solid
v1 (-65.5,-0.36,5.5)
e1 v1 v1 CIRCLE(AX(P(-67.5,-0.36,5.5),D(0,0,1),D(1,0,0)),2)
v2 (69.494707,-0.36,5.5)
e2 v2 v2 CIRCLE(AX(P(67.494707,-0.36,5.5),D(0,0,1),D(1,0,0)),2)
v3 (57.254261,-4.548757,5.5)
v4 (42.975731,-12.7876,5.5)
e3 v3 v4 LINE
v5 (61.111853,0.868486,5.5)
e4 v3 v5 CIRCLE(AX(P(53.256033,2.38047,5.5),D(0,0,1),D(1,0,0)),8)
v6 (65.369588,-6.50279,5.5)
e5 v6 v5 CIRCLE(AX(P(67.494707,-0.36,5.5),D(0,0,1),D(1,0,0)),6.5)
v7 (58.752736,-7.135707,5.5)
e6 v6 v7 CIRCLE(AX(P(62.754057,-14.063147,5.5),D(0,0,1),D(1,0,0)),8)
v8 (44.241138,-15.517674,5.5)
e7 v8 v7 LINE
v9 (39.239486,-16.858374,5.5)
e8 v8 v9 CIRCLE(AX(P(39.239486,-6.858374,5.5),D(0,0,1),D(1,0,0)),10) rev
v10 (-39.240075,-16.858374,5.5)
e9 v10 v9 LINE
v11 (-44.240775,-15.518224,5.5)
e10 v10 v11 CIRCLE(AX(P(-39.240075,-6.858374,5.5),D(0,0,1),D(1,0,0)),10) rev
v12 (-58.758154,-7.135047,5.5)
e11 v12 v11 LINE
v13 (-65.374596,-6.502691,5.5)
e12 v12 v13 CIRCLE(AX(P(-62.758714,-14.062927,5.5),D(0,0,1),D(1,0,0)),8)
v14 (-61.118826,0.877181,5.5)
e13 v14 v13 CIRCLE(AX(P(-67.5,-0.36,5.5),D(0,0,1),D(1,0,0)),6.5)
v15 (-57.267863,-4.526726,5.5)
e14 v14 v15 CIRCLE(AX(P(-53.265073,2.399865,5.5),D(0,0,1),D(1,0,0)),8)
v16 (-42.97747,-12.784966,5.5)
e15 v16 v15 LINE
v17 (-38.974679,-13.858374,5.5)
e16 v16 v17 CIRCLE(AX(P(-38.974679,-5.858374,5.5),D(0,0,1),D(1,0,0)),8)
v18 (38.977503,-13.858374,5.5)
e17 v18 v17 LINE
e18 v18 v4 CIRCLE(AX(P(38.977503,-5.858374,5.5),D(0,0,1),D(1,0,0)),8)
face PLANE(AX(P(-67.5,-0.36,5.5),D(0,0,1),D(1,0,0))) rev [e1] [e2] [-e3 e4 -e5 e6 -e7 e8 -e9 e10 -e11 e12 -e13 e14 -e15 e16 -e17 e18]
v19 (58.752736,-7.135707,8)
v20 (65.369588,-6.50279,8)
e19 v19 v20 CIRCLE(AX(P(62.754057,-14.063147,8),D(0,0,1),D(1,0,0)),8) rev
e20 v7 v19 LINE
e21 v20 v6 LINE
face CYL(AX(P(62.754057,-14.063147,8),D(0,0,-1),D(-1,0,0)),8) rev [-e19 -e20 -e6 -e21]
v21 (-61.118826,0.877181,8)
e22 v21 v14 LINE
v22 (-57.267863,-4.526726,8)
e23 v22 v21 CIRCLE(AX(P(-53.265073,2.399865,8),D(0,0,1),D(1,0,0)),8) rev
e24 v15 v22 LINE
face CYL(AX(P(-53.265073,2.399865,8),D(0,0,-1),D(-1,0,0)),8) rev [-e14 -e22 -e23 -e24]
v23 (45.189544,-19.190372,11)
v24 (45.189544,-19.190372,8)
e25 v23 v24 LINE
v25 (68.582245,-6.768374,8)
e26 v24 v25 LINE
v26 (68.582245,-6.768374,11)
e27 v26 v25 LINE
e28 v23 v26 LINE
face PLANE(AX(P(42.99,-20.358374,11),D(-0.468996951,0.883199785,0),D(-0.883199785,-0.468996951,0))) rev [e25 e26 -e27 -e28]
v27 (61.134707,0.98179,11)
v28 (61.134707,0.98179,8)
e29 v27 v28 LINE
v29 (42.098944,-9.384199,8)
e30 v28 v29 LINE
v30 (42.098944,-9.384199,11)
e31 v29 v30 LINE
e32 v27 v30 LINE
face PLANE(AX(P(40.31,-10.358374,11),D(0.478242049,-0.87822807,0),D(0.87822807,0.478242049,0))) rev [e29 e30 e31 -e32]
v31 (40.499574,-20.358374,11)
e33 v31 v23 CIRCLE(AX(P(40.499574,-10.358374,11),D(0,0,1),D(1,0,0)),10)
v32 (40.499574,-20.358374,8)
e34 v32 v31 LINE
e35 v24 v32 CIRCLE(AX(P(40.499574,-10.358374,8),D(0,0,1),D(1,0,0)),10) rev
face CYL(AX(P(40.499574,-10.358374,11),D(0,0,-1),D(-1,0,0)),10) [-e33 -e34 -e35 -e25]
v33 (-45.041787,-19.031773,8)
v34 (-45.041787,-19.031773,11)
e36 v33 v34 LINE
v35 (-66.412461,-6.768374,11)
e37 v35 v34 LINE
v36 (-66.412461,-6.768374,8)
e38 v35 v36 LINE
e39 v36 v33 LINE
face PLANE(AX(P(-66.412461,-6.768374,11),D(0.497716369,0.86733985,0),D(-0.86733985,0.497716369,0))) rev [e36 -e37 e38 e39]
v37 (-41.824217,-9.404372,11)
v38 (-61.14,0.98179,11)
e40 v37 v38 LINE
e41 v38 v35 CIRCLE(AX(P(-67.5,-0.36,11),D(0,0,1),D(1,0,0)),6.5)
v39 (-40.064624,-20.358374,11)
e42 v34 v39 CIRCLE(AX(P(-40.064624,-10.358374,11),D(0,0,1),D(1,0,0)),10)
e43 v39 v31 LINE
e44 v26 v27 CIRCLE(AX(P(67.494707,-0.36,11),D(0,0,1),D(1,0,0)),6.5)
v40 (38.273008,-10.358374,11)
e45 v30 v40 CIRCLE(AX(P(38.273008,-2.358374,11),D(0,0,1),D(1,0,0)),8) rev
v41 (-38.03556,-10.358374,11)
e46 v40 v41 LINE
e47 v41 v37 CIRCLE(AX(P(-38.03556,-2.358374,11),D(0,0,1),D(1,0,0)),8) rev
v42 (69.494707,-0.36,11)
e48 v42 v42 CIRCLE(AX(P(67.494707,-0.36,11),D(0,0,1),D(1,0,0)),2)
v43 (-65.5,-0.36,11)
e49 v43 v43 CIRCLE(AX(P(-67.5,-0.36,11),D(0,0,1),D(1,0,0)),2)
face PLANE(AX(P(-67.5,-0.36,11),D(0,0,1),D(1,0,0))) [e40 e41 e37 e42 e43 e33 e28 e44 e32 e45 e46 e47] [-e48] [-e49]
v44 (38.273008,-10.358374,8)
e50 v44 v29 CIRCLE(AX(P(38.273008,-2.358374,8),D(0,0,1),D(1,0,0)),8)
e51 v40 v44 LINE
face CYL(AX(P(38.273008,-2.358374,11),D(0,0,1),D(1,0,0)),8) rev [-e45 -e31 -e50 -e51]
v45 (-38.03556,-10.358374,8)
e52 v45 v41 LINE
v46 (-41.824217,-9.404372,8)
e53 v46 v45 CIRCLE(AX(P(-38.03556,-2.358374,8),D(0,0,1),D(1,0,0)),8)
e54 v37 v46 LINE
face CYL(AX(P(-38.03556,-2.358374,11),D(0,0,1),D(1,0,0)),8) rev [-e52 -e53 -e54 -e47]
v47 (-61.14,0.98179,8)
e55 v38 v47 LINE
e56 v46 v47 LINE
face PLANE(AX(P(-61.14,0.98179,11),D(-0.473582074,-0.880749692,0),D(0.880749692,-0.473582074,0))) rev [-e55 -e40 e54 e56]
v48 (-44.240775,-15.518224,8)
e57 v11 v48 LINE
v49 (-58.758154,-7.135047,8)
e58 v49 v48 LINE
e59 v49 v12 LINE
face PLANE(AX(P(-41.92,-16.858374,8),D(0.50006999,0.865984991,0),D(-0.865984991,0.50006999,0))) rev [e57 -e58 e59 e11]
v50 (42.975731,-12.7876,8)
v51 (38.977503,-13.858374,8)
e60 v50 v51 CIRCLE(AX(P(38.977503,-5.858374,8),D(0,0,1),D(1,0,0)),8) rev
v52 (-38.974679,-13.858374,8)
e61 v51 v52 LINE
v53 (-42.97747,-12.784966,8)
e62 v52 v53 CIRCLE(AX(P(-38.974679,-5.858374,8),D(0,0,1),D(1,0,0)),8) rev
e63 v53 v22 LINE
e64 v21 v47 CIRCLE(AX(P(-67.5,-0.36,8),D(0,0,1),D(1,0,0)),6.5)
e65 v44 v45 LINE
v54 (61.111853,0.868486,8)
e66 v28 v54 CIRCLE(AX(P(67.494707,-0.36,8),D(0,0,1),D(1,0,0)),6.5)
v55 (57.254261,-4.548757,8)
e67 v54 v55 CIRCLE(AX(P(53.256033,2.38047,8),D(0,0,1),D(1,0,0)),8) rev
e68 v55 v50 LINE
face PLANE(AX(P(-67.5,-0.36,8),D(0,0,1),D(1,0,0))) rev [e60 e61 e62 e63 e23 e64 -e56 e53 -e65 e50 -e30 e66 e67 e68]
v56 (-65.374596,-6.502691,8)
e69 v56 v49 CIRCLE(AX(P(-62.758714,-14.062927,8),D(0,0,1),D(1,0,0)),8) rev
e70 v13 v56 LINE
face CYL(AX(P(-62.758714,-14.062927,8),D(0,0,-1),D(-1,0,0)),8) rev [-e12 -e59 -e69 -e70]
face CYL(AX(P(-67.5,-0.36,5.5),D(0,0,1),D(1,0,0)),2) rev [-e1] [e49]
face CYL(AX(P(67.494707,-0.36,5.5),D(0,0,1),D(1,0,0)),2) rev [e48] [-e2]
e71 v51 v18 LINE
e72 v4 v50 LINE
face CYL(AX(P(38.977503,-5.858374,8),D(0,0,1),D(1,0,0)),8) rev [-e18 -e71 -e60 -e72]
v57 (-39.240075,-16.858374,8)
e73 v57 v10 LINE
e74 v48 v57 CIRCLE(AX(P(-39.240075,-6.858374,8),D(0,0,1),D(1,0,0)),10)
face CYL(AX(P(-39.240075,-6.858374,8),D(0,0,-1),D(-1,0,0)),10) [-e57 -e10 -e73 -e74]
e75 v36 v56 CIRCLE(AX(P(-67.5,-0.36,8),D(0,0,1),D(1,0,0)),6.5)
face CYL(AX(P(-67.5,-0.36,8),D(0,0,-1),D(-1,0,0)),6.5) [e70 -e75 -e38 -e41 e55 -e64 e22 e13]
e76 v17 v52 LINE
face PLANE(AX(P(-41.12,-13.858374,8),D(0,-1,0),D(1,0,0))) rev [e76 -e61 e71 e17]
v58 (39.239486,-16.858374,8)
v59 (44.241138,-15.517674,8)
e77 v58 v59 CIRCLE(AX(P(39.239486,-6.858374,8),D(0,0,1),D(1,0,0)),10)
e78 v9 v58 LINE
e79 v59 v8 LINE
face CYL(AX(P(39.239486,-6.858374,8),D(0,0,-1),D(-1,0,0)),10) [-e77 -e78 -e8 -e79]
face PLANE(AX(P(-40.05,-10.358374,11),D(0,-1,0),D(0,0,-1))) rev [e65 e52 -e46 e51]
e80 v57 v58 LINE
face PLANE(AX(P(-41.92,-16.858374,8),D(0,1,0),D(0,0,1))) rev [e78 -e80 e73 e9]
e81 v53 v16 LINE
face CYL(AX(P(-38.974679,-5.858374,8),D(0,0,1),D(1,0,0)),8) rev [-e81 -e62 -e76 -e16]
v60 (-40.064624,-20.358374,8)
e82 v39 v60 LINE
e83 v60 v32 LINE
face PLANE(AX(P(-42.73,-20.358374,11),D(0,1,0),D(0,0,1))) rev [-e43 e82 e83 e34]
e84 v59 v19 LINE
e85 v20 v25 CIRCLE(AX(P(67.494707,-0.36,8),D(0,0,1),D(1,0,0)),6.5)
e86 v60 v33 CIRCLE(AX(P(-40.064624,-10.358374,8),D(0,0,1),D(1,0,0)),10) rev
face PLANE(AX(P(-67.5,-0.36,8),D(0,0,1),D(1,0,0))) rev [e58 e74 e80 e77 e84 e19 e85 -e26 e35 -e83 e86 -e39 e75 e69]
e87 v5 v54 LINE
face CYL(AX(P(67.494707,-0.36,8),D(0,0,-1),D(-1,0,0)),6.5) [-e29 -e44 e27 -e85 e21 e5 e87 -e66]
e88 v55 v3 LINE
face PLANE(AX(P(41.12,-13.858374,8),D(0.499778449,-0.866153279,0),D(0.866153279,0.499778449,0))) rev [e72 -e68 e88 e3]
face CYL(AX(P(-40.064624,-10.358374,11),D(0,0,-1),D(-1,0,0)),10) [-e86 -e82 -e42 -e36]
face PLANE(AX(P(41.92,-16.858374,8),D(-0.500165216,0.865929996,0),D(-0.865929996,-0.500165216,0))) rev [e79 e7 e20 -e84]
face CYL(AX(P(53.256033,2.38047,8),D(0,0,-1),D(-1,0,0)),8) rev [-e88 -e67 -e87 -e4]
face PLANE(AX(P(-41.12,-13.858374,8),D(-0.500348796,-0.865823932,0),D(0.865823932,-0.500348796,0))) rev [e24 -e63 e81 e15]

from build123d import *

# Parameters (mm, degrees)
EXTRUDE_2_DEPTH          = 2.5
EXTRUDE_3_DEPTH          = 3
CUT_EXTRUDE_1_DEPTH      = 77.94617208
CUT_EXTRUDE_1_DEPTH_BACK = 77.94617208
SKETCH_5_R               = 2
FILLET_1_R               = 10
FILLET_2_R               = 8
FILLET_3_R               = 8


with BuildPart() as part:
    # 草图1 → 凸台-拉伸2 (new body)
    with BuildSketch(Plane.XY.offset(5.5)):
        with BuildLine():
            Line((-41.12, -13.858374143), (41.12, -13.858374143))
            Line((41.12, -13.858374143), (61.27, -2.231637876))
            ThreePointArc((61.27, -2.231637876), (73.122690209, 2.892045504), (62.764706552, -4.818374143))
            Line((62.764706552, -4.818374143), (41.92, -16.858374143))
            Line((41.92, -16.858374143), (-41.92, -16.858374143))
            Line((-41.92, -16.858374143), (-62.77, -4.818374143))
            ThreePointArc((-62.77, -4.818374143), (-73.132598603, 2.884045772), (-61.27, -2.213941747))
            Line((-61.27, -2.213941747), (-41.12, -13.858374143))
        make_face()
    extrude(amount=EXTRUDE_2_DEPTH)

    # 草图4 → 凸台-拉伸3 (add)
    with BuildSketch(Plane.XY.offset(8)):
        with BuildLine():
            Line((-61.14, 0.981789849), (-40.05, -10.358374143))
            Line((-40.05, -10.358374143), (40.31, -10.358374143))
            Line((40.31, -10.358374143), (61.134706552, 0.981789849))
            ThreePointArc((61.134706552, 0.981789849), (72.181493512, 4.143779301), (68.582245444, -6.768374143))
            Line((68.582245444, -6.768374143), (42.99, -20.358374143))
            Line((42.99, -20.358374143), (-42.73, -20.358374143))
            Line((-42.73, -20.358374143), (-66.412461108, -6.768374143))
            ThreePointArc((-66.412461108, -6.768374143), (-72.874264542, 3.296129187), (-61.14, 0.981789849))
        make_face()
    extrude(amount=EXTRUDE_3_DEPTH)

    # 草图5 → 切除-拉伸1 (cut, two sides: drawn at the far end of the back side and taken through both)
    with BuildSketch(Plane.XY.offset(11).offset(-CUT_EXTRUDE_1_DEPTH_BACK)):
        with Locations((67.494706552, -0.36)):
            Circle(SKETCH_5_R)
        with Locations((-67.5, -0.36)):
            Circle(SKETCH_5_R)
    extrude(amount=CUT_EXTRUDE_1_DEPTH + CUT_EXTRUDE_1_DEPTH_BACK, mode=Mode.SUBTRACT)

    # 圆角1
    fillet_1_edges = [part.edges().sort_by_distance(p)[0] for p in [
        (41.92, -16.858374143, 6.75),
        (-41.92, -16.858374143, 6.75),
        (-42.73, -20.358374143, 9.5),
        (42.99, -20.358374143, 9.5),
    ]]
    fillet(fillet_1_edges, radius=FILLET_1_R)

    # 圆角2
    fillet_2_edges = [part.edges().sort_by_distance(p)[0] for p in [
        (61.27, -2.231637876, 6.75),
        (62.764706552, -4.818374143, 6.75),
        (-62.77, -4.818374143, 6.75),
        (-61.27, -2.213941747, 6.75),
    ]]
    fillet(fillet_2_edges, radius=FILLET_2_R)

    # 圆角3
    fillet_3_edges = [part.edges().sort_by_distance(p)[0] for p in [
        (-41.12, -13.858374143, 6.75),
        (41.12, -13.858374143, 6.75),
        (40.31, -10.358374143, 9.5),
        (-40.05, -10.358374143, 9.5),
    ]]
    fillet(fillet_3_edges, radius=FILLET_3_R)


solid = part.part
